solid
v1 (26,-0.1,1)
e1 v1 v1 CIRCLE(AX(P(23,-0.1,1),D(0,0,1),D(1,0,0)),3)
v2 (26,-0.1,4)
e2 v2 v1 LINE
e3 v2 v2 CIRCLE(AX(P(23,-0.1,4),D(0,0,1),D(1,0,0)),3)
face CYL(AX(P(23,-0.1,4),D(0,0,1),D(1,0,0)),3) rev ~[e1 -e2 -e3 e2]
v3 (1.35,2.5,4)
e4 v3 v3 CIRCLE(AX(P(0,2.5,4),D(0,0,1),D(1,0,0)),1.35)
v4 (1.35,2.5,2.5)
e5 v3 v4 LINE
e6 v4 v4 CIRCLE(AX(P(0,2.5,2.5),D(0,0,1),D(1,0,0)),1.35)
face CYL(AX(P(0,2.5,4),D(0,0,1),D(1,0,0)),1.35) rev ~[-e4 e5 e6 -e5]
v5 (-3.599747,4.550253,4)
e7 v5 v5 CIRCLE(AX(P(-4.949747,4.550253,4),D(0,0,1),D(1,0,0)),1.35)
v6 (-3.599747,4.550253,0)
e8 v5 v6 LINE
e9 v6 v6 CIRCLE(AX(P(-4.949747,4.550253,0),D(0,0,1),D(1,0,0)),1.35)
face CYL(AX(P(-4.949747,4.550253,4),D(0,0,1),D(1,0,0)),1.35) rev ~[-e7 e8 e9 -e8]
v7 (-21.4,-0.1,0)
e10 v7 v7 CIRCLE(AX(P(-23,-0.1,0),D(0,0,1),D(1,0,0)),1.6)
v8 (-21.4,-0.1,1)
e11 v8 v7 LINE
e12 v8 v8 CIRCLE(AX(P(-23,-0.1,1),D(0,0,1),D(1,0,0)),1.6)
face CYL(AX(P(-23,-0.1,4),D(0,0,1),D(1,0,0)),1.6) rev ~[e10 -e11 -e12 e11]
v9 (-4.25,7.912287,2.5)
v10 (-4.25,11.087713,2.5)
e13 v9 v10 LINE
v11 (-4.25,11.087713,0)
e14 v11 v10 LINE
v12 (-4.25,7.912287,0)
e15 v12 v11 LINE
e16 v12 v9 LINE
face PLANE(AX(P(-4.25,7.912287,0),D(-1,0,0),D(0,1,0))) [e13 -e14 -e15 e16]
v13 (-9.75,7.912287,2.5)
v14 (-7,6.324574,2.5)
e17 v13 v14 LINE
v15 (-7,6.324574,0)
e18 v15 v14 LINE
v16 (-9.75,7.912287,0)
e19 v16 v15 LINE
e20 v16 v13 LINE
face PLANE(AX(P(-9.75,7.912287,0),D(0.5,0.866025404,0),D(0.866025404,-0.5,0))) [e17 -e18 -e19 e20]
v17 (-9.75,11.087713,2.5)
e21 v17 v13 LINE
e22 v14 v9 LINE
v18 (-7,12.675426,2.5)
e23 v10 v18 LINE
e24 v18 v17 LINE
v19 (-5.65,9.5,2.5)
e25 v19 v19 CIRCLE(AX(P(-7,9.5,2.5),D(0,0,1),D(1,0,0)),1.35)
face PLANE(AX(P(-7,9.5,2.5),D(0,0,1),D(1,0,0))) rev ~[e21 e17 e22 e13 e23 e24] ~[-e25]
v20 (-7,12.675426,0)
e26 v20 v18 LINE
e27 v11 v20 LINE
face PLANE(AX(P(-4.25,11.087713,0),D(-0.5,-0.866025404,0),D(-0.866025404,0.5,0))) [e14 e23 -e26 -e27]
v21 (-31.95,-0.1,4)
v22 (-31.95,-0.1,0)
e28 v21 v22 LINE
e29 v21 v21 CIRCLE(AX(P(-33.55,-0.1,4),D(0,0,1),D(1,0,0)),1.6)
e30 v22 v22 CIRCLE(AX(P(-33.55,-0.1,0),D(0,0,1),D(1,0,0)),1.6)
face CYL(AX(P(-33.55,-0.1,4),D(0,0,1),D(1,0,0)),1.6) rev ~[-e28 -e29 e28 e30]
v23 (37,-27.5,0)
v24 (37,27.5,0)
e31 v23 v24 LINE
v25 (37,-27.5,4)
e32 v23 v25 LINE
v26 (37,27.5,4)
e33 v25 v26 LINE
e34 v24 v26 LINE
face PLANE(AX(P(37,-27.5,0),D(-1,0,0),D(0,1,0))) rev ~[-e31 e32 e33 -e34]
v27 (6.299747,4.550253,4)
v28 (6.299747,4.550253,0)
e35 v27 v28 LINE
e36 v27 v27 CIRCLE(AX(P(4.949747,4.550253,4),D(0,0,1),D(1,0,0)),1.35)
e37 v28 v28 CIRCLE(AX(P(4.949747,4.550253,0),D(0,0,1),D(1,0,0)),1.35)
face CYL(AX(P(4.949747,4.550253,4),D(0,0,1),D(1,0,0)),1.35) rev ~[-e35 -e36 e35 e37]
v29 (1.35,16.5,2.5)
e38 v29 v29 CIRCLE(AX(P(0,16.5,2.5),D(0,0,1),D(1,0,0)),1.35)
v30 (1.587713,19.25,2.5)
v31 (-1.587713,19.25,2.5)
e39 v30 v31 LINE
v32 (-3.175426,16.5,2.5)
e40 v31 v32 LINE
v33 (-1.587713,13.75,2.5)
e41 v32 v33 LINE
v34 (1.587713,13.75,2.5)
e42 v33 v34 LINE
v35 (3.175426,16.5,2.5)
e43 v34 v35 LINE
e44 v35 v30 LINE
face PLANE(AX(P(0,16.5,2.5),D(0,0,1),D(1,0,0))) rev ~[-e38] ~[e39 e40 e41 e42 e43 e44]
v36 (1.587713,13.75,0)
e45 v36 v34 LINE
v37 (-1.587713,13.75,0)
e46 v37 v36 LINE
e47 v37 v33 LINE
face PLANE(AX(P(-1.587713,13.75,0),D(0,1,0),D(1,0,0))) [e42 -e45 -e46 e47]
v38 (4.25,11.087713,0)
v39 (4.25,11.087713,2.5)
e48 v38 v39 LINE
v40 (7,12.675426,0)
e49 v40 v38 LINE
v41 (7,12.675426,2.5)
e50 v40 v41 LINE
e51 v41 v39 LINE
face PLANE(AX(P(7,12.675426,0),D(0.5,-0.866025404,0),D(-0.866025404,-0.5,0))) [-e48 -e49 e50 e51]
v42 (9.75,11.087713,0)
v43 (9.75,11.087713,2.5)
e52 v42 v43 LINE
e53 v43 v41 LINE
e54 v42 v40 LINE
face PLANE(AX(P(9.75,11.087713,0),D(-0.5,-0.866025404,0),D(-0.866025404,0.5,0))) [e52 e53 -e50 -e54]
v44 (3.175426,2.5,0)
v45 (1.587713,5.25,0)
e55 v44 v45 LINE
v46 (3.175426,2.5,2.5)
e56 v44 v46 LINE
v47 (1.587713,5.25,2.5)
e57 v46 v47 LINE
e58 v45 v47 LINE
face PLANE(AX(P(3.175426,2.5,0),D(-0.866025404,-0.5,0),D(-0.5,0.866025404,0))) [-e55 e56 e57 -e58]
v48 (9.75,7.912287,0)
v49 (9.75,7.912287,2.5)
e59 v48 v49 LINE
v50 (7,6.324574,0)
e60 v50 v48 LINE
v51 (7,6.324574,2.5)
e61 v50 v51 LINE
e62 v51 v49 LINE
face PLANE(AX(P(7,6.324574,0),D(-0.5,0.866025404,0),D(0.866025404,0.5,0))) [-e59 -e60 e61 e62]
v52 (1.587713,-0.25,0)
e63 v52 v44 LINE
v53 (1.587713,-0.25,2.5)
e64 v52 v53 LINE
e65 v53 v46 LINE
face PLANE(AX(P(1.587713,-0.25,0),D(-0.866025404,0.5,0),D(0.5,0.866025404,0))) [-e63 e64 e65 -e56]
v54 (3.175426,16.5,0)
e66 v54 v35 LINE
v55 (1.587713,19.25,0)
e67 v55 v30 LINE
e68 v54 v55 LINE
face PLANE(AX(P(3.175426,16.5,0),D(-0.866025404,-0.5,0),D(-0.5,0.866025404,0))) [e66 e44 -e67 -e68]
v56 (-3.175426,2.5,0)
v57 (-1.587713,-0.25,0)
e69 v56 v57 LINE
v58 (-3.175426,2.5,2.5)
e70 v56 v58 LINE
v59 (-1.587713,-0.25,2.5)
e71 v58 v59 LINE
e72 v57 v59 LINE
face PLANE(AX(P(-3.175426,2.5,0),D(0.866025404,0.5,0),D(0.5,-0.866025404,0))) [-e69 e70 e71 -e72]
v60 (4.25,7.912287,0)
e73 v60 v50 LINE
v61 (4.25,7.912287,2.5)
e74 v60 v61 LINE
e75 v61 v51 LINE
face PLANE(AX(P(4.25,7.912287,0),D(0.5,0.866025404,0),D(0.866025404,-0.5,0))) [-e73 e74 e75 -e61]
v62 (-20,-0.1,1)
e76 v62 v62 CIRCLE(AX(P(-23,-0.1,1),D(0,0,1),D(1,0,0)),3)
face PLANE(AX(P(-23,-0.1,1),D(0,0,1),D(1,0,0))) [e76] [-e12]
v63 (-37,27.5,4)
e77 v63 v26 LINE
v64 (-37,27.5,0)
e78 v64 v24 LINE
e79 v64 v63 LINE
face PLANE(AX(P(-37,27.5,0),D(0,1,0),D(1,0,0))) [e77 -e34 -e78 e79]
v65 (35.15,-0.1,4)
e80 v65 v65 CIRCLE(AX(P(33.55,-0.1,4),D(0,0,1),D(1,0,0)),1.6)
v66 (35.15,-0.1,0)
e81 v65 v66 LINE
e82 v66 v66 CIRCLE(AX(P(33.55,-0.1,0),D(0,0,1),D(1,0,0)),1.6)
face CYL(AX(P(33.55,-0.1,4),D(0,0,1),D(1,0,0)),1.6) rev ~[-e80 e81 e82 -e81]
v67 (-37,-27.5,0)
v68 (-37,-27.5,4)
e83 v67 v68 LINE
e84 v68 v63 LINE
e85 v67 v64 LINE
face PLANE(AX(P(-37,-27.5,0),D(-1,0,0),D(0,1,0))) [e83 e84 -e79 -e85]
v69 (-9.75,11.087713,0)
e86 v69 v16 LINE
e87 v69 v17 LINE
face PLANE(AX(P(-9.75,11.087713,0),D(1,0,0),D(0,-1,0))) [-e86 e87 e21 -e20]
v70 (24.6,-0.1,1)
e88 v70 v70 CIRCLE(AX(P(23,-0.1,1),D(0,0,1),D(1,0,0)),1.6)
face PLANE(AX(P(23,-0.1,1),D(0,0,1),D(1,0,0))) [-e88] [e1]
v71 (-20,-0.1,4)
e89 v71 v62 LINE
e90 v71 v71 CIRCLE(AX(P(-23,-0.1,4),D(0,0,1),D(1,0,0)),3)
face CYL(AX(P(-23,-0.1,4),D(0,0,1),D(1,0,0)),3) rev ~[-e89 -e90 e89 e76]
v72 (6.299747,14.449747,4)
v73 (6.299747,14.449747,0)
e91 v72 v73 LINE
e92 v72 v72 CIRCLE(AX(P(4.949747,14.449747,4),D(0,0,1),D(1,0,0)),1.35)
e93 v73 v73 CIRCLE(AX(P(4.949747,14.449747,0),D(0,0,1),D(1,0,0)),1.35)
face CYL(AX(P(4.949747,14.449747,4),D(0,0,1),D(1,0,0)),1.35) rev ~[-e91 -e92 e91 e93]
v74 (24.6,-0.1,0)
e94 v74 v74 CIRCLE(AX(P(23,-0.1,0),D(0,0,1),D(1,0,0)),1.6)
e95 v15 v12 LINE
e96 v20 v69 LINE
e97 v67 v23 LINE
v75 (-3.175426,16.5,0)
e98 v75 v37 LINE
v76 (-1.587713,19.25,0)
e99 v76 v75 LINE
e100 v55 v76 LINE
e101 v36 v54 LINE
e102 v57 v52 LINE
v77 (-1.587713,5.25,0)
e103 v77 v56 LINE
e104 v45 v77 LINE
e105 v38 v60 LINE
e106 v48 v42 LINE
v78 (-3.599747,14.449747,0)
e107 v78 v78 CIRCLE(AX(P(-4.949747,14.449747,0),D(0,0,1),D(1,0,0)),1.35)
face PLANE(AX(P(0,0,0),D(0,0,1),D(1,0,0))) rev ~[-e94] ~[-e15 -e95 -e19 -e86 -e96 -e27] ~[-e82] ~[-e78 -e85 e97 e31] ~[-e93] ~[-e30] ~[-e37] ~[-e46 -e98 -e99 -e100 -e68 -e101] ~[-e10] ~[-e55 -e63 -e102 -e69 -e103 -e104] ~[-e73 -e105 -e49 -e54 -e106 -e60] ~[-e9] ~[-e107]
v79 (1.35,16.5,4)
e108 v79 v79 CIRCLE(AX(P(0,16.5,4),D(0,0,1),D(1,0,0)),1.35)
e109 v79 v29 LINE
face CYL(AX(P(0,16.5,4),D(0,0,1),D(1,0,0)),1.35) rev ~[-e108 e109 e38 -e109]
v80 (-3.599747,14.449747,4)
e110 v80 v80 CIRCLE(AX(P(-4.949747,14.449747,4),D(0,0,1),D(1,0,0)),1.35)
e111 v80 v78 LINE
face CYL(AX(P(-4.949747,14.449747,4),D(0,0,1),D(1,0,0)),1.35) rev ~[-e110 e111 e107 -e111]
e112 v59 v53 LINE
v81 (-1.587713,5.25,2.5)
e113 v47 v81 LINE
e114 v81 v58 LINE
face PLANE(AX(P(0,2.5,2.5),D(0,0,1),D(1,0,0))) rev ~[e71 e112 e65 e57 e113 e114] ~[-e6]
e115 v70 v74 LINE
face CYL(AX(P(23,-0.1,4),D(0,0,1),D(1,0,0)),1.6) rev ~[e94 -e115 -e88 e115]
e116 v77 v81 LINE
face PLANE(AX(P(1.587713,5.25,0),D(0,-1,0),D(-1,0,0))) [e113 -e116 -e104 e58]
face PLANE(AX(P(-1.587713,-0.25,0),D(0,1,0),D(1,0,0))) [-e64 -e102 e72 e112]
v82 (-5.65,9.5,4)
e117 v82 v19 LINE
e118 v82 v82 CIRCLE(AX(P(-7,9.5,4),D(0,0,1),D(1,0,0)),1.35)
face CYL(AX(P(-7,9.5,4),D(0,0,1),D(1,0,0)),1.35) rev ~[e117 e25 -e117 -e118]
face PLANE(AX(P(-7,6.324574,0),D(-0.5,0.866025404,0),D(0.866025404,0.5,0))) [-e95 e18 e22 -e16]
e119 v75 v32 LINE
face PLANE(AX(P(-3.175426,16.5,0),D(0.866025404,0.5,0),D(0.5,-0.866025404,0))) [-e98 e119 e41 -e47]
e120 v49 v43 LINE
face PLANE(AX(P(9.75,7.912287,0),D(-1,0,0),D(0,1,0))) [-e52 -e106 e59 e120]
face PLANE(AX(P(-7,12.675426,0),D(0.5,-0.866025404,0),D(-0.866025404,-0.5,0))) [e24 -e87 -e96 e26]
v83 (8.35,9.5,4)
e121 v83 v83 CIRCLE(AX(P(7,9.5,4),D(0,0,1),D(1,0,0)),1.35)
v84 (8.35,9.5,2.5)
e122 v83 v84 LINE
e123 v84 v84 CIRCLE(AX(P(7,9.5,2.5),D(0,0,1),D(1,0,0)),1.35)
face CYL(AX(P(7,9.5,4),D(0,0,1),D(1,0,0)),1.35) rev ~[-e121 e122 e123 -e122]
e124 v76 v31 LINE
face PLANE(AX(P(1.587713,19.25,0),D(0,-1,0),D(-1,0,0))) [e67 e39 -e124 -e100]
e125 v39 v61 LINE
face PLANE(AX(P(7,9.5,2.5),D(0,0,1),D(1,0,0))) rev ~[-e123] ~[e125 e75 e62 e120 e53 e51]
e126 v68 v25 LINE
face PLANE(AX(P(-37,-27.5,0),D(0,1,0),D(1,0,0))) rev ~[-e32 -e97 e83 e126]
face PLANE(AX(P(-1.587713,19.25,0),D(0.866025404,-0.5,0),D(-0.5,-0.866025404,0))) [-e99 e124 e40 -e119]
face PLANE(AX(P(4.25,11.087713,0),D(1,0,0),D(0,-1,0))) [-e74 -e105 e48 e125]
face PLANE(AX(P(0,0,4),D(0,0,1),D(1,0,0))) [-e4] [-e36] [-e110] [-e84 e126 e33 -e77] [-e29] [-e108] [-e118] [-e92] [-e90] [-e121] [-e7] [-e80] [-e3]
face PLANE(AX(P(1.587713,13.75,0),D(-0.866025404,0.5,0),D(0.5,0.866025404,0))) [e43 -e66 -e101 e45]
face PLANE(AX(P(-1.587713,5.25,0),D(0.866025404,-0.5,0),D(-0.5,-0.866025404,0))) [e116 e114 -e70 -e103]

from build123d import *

# Parameters (mm, degrees)
SKETCH_1_W          = 74
SKETCH_1_H          = 55
EXTRUDE_1_DEPTH     = 4
SKETCH_2_R          = 1.6
CUT_EXTRUDE_1_DEPTH = 5
SKETCH_2_3_R        = 1.35
CUT_EXTRUDE_2_DEPTH = 5
CUT_EXTRUDE_3_DEPTH = 2.5
SKETCH_5_R          = 3
CUT_EXTRUDE_4_DEPTH = 3


with BuildPart() as part:
    # 草圖1 → 填料-伸長1 (new body)
    with BuildSketch(Plane.XY):
        Rectangle(SKETCH_1_W, SKETCH_1_H)
    extrude(amount=EXTRUDE_1_DEPTH)

    # 草圖2 → 除料-伸長1 (cut, through all)
    with BuildSketch(Plane.XY.offset(4)):
        with Locations((-33.55, -0.1)):
            Circle(SKETCH_2_R)
        with Locations((33.55, -0.1)):
            Circle(SKETCH_2_R)
        with Locations((-23, -0.1)):
            Circle(SKETCH_2_R)
        with Locations((23, -0.1)):
            Circle(SKETCH_2_R)
    extrude(amount=-CUT_EXTRUDE_1_DEPTH, mode=Mode.SUBTRACT)

    # 草圖2<3> → 除料-伸長2 (cut, through all)
    with BuildSketch(Plane.XY.offset(4)):
        with Locations((0, 2.5)):
            Circle(SKETCH_2_3_R)
        with Locations((4.949747468, 4.550252532)):
            Circle(SKETCH_2_3_R)
        with Locations((7, 9.5)):
            Circle(SKETCH_2_3_R)
        with Locations((4.949747468, 14.449747468)):
            Circle(SKETCH_2_3_R)
        with Locations((-4.949747468, 14.449747468)):
            Circle(SKETCH_2_3_R)
        with Locations((-7, 9.5)):
            Circle(SKETCH_2_3_R)
        with Locations((-4.949747468, 4.550252532)):
            Circle(SKETCH_2_3_R)
        with Locations((0, 16.5)):
            Circle(SKETCH_2_3_R)
    extrude(amount=-CUT_EXTRUDE_2_DEPTH, mode=Mode.SUBTRACT)

    # 草圖3 → 除料-伸長3 (cut)
    with BuildSketch(Plane(origin=(0, 0, 0), x_dir=(-1, 0, 0), z_dir=(0, 0, -1))):
        Polygon((-1.58771324, 19.25), (1.58771324, 19.25), (3.175426481, 16.5), (1.58771324, 13.75), (-1.58771324, 13.75), (-3.175426481, 16.5), align=None)
        Polygon((9.75, 7.91228676), (7, 6.324573519), (4.25, 7.91228676), (4.25, 11.08771324), (7, 12.675426481), (9.75, 11.08771324), align=None)
        Polygon((-1.58771324, -0.25), (-3.175426481, 2.5), (-1.58771324, 5.25), (1.58771324, 5.25), (3.175426481, 2.5), (1.58771324, -0.25), align=None)
        Polygon((-9.75, 11.08771324), (-7, 12.675426481), (-4.25, 11.08771324), (-4.25, 7.91228676), (-7, 6.324573519), (-9.75, 7.91228676), align=None)
    extrude(amount=-CUT_EXTRUDE_3_DEPTH, mode=Mode.SUBTRACT)

    # 草圖5 → 除料-伸長4 (cut)
    with BuildSketch(Plane.XY.offset(4)):
        with Locations((23, -0.1)):
            Circle(SKETCH_5_R)
        with Locations((-23, -0.1)):
            Circle(SKETCH_5_R)
    extrude(amount=-CUT_EXTRUDE_4_DEPTH, mode=Mode.SUBTRACT)


solid = part.part
